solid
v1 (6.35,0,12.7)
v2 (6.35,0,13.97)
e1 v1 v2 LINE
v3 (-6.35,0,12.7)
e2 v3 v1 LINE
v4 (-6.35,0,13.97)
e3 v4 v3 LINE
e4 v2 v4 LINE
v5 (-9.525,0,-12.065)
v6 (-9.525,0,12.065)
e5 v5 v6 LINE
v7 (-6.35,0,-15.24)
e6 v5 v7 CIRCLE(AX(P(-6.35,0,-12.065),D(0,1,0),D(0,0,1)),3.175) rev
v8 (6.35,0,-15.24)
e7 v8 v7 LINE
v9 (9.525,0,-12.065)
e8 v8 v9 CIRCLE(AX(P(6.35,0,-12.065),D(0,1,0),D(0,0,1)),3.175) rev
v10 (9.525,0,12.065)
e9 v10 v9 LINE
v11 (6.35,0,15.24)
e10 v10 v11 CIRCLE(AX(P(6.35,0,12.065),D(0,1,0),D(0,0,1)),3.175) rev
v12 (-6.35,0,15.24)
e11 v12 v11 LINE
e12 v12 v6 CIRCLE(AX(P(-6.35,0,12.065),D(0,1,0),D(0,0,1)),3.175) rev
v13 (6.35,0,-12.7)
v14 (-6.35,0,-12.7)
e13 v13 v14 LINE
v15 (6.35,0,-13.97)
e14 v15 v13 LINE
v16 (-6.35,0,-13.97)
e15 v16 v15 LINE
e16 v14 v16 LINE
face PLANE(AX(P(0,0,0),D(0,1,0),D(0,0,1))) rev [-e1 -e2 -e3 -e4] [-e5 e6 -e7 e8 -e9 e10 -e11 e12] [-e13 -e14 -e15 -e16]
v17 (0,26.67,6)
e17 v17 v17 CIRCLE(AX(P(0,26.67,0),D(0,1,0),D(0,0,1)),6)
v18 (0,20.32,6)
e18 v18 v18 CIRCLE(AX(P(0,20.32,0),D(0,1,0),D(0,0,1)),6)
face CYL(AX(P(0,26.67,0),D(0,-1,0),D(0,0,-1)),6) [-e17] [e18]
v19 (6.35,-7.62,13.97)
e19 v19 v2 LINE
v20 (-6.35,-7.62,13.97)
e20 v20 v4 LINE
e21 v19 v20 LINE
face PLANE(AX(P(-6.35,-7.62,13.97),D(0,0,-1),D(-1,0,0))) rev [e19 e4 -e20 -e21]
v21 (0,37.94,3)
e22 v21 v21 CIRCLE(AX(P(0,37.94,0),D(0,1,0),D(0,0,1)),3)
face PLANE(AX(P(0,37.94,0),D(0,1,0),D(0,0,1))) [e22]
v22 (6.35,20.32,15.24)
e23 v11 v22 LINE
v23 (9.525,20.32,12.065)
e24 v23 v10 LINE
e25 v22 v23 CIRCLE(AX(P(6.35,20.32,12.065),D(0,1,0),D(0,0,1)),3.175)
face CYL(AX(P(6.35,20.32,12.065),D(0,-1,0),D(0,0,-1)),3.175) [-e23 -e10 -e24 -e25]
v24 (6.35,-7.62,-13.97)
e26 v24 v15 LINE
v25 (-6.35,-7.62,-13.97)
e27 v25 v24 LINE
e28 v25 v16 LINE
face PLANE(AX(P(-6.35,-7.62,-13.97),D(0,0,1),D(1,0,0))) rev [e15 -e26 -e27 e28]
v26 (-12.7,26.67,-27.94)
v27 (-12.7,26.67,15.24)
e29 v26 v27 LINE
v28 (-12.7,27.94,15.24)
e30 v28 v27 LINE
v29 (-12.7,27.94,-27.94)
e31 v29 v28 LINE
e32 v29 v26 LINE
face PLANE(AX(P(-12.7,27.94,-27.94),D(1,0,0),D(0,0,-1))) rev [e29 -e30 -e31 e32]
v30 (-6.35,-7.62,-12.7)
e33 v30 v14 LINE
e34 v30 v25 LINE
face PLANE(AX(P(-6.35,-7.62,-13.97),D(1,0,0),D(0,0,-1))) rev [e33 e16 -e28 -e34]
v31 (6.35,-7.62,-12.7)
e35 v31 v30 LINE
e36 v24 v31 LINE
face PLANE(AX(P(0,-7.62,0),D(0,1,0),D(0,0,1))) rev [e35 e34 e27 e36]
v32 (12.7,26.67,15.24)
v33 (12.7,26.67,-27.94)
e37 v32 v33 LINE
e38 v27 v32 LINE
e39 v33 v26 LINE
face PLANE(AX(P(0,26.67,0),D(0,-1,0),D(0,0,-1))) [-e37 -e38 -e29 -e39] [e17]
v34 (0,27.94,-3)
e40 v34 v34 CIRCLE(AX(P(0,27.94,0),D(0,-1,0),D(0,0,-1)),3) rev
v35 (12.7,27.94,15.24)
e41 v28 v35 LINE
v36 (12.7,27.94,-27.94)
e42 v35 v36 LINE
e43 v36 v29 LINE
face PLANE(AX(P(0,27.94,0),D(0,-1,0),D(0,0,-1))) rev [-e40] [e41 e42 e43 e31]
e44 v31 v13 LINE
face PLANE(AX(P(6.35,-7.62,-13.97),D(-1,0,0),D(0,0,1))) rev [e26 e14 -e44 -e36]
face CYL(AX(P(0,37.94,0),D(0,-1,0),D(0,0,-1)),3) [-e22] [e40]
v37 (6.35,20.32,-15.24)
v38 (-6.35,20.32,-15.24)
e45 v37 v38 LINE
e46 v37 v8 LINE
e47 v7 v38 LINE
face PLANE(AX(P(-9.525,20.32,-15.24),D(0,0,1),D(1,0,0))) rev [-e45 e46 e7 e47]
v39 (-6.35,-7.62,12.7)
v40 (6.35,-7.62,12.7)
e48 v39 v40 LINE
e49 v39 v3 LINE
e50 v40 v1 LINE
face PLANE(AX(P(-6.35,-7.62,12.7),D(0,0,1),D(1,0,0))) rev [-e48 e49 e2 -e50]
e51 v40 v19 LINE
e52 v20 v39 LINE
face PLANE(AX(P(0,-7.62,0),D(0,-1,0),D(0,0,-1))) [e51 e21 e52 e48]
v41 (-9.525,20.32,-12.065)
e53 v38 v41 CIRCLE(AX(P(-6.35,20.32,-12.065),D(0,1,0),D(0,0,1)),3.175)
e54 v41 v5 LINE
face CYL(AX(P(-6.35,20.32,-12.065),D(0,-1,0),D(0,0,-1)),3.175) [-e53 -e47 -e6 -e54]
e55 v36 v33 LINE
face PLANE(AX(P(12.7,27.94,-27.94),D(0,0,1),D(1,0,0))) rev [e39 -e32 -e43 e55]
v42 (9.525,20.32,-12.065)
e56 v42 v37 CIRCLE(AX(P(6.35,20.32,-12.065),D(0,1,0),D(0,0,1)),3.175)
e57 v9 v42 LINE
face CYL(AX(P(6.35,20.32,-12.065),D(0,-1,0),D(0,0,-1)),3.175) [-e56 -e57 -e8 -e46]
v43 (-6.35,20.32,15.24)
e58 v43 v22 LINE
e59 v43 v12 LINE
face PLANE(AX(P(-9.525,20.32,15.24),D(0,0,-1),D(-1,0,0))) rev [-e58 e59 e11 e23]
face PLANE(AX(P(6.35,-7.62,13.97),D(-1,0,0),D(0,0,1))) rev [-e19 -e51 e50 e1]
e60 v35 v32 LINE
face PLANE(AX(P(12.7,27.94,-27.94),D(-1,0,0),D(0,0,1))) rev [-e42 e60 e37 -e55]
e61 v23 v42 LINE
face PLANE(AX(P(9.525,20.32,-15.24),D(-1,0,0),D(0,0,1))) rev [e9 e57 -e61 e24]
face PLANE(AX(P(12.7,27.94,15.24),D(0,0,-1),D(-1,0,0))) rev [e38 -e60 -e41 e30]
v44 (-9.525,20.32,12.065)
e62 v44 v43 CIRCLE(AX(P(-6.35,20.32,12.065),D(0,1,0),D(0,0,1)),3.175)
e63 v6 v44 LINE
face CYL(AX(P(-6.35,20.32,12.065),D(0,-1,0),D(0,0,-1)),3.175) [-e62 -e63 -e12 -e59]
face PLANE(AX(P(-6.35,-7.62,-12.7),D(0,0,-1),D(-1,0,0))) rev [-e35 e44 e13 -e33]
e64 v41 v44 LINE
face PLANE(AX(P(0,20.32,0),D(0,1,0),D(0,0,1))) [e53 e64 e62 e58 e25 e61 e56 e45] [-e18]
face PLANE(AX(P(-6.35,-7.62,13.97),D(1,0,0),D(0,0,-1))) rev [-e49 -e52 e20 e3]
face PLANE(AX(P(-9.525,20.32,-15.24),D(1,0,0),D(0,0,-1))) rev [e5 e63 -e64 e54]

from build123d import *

# Parameters (mm, degrees)
SKETCH1_W           = 19.05
SKETCH1_H           = 30.48
BOSS_EXTRUDE1_DEPTH = 20.32
FILLET1_R           = 3.175
SKETCH2_R           = 6
BOSS_EXTRUDE2_DEPTH = 6.35
SKETCH3_W           = 12.7
SKETCH3_H           = 1.27
BOSS_EXTRUDE3_DEPTH = 7.62
SKETCH4_W           = 25.4
SKETCH4_H           = 43.18
BOSS_EXTRUDE4_DEPTH = 1.27
SKETCH5_R           = 3
BOSS_EXTRUDE5_DEPTH = 10


with BuildPart() as part:
    # Sketch1 → Boss-Extrude1 (new body)
    with BuildSketch(Plane(origin=(0, 0, 0), x_dir=(1, 0, 0), z_dir=(0, 1, 0))):
        Rectangle(SKETCH1_W, SKETCH1_H)
    extrude(amount=BOSS_EXTRUDE1_DEPTH)

    # Fillet1
    fillet1_edges = [part.edges().sort_by_distance(p)[0] for p in [
        (9.525, 10.16, 15.24),
        (-9.525, 10.16, 15.24),
        (-9.525, 10.16, -15.24),
        (9.525, 10.16, -15.24),
    ]]
    fillet(fillet1_edges, radius=FILLET1_R)

    # Sketch2 → Boss-Extrude2 (add)
    with BuildSketch(Plane(origin=(0, 20.32, 0), x_dir=(1, 0, 0), z_dir=(0, 1, 0))):
        Circle(SKETCH2_R)
    extrude(amount=BOSS_EXTRUDE2_DEPTH)

    # Sketch3 → Boss-Extrude3 (add)
    with BuildSketch(Plane.XZ):
        with Locations((0, 13.335)):
            Rectangle(SKETCH3_W, SKETCH3_H)
        with Locations((0, -13.335)):
            Rectangle(SKETCH3_W, SKETCH3_H)
    extrude(amount=BOSS_EXTRUDE3_DEPTH)

    # Sketch4 → Boss-Extrude4 (add)
    with BuildSketch(Plane(origin=(0, 26.67, 0), x_dir=(1, 0, 0), z_dir=(0, 1, 0))):
        with Locations((0, 6.35)):
            Rectangle(SKETCH4_W, SKETCH4_H)
    extrude(amount=BOSS_EXTRUDE4_DEPTH)

    # Sketch5 → Boss-Extrude5 (add)
    with BuildSketch(Plane(origin=(0, 27.94, 0), x_dir=(1, 0, 0), z_dir=(0, 1, 0))):
        Circle(SKETCH5_R)
    extrude(amount=BOSS_EXTRUDE5_DEPTH)


solid = part.part
